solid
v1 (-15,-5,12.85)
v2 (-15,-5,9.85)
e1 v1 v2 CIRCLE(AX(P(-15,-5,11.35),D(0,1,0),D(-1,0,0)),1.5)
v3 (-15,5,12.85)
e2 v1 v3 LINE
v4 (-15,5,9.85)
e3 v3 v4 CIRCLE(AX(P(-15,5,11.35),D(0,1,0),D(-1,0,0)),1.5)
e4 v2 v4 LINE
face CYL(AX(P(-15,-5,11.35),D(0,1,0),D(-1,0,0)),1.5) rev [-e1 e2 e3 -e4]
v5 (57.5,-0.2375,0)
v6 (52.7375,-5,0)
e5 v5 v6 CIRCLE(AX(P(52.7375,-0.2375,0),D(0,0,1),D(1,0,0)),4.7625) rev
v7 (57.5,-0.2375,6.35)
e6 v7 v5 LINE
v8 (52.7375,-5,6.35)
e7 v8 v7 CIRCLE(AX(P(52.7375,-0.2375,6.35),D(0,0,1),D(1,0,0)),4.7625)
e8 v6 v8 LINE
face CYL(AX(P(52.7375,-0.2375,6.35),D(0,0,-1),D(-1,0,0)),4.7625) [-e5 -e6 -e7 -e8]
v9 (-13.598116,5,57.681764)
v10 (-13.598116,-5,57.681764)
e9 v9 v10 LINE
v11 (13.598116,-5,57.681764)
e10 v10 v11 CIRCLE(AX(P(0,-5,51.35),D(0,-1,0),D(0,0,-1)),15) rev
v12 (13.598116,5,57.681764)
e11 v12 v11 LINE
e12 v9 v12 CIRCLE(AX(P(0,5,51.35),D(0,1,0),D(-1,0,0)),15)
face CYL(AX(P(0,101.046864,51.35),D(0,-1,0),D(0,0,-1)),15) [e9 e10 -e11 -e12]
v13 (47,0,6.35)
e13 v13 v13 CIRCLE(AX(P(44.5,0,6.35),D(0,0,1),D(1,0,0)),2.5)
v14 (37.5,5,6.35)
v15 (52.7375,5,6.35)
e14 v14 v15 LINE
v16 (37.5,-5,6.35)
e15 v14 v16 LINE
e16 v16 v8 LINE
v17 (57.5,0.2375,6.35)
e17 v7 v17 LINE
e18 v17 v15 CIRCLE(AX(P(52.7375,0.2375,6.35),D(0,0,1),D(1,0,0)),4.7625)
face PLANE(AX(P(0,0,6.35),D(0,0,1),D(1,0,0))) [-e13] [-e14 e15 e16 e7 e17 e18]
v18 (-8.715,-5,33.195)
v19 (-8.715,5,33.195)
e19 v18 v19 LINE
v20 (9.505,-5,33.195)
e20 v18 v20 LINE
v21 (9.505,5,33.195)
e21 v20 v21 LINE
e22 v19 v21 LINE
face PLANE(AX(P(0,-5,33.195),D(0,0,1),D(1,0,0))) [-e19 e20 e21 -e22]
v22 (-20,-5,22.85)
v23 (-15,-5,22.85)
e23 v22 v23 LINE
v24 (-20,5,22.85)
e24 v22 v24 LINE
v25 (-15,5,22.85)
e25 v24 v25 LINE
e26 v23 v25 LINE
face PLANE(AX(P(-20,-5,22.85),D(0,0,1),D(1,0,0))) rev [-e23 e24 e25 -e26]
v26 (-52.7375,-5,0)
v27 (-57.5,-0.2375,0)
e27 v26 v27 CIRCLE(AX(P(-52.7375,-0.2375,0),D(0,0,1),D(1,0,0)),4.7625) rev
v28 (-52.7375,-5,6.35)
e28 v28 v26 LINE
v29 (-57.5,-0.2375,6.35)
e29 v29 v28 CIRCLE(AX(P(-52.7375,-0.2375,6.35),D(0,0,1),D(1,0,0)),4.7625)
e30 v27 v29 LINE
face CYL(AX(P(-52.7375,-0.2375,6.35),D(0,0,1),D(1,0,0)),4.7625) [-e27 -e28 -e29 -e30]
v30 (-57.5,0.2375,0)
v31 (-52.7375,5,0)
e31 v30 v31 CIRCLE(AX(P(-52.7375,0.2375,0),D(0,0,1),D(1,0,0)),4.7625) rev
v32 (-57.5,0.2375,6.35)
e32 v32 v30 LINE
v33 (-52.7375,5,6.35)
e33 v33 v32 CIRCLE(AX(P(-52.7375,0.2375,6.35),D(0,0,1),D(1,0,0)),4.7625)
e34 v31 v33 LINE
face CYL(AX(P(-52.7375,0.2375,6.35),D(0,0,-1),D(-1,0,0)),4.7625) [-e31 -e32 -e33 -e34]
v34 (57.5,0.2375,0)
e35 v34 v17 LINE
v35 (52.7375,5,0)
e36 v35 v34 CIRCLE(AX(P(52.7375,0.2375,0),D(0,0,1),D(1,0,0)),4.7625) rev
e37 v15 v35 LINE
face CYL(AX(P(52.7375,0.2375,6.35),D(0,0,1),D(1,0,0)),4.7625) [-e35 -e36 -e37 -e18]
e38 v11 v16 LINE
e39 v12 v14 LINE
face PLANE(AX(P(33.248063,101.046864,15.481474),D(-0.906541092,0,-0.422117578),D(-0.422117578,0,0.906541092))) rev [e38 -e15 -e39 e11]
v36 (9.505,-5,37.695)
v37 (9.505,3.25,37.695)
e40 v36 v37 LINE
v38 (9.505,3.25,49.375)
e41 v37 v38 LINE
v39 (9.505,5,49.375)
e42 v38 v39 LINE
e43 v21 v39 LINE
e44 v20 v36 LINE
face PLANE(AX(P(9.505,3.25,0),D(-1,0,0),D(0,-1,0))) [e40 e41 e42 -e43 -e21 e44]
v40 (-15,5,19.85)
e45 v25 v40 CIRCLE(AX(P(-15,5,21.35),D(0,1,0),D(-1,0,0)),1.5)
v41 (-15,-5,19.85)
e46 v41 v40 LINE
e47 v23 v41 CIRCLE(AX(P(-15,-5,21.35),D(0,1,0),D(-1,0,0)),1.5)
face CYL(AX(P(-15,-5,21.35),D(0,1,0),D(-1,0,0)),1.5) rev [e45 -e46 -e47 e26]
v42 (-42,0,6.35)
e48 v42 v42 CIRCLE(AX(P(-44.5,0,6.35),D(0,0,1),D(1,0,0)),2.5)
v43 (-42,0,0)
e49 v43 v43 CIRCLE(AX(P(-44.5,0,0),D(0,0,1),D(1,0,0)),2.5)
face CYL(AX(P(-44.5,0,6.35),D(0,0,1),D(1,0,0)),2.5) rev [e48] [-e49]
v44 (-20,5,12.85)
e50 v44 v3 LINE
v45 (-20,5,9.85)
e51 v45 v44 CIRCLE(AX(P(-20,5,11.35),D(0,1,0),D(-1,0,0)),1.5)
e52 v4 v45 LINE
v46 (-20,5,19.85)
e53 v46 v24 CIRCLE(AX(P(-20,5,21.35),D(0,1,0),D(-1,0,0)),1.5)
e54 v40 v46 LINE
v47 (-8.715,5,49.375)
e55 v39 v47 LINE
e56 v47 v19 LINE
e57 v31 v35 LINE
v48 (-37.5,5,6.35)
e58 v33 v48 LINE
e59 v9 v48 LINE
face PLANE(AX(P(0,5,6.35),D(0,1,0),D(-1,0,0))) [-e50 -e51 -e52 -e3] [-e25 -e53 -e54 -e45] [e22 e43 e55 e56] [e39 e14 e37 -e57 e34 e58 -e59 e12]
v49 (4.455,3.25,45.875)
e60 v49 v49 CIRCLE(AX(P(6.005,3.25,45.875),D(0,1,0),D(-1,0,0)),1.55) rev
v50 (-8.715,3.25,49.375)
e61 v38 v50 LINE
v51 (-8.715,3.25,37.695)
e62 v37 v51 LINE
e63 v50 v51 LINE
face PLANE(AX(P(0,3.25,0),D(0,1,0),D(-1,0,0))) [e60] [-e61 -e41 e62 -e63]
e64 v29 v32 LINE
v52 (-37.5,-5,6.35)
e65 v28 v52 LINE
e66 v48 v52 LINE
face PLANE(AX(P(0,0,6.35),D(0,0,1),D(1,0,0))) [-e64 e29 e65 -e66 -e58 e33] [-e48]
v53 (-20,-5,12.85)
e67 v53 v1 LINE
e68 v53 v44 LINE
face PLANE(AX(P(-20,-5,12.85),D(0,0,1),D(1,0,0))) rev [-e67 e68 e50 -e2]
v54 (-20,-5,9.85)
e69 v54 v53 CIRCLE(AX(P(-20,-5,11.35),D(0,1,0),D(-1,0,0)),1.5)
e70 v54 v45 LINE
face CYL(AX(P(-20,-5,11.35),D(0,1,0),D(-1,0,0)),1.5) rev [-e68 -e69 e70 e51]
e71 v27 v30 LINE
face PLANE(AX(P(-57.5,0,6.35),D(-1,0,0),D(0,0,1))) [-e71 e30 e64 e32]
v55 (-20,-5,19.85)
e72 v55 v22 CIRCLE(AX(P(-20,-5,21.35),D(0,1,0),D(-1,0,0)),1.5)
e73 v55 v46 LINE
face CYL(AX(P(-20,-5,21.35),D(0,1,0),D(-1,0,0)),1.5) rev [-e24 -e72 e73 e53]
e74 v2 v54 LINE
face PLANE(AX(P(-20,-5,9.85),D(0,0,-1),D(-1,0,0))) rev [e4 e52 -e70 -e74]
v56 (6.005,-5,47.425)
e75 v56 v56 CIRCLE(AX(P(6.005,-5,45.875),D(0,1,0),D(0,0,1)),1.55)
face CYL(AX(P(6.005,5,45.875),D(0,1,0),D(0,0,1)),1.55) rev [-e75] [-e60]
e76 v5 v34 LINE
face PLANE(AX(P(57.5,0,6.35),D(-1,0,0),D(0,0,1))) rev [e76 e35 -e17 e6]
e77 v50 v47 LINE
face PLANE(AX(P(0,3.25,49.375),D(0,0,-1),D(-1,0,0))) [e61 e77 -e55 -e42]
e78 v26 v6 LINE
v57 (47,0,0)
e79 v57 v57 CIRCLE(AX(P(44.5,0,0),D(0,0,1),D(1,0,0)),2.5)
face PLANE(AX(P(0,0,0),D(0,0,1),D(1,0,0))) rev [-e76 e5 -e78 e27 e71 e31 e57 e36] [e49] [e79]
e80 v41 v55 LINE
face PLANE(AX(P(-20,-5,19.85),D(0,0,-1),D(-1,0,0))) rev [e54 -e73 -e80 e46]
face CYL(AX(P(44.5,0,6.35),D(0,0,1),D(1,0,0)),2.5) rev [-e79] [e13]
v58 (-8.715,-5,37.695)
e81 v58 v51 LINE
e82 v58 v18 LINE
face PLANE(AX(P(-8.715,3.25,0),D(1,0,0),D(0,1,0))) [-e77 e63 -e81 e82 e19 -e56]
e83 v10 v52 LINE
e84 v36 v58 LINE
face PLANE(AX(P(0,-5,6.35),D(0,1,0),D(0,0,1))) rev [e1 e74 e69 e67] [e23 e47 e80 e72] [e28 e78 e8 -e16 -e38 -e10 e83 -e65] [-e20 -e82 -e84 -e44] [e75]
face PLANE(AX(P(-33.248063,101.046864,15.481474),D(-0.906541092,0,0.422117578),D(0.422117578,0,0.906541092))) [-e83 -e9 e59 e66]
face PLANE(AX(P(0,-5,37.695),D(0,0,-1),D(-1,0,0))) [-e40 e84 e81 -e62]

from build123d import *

# Parameters (mm, degrees)
SKETCH1_W              = 115.000000124
SKETCH1_H              = 10
BOSS_EXTRUDE1_DEPTH    = 6.35
BOSS_EXTRUDE3_DEPTH    = 10
M2_5_CLEARANCE_HOLE1_D = 3.1
SKETCH8_W              = 18.22
SKETCH8_H              = 11.68
CUT_EXTRUDE3_DEPTH     = 1.75
SKETCH8_9_W            = 18.22
SKETCH8_9_H            = 4.5
CUT_EXTRUDE4_DEPTH     = 89.366127601
FILLET2_R              = 4.7625
F_5_0MM_DOWEL_HOLE1_D  = 5
CUT_EXTRUDE5_DEPTH     = 89.366127601


with BuildPart() as part:
    # Sketch1 → Boss-Extrude1 (new body)
    with BuildSketch(Plane.XY):
        Rectangle(SKETCH1_W, SKETCH1_H)
    extrude(amount=BOSS_EXTRUDE1_DEPTH)

    # Sketch2 → Boss-Extrude3 (add)
    with BuildSketch(Plane.XZ.offset(5)):
        with BuildLine():
            Line((-37.500000062, 6.35), (37.500000062, 6.35))
            Line((37.500000062, 6.35), (13.598116374, 57.681763663))
            ThreePointArc((13.598116374, 57.681763663), (0, 66.35), (-13.598116374, 57.681763663))
            Line((-13.598116374, 57.681763663), (-37.500000062, 6.35))
        make_face()
    extrude(amount=-BOSS_EXTRUDE3_DEPTH)

    # M2.5 Clearance Hole1 (through all)
    with Locations(Plane(origin=(0, 5, 0), x_dir=(1, 0, 0), z_dir=(0, 1, 0))):
        with Locations((6.005, -45.875)):
            Hole(M2_5_CLEARANCE_HOLE1_D / 2)

    # Sketch8 → Cut-Extrude3 (cut)
    with BuildSketch(Plane(origin=(0, 5, 0), x_dir=(-1, 0, 0), z_dir=(0, 1, 0))):
        with Locations((-0.395, 43.535)):
            Rectangle(SKETCH8_W, SKETCH8_H)
    extrude(amount=-CUT_EXTRUDE3_DEPTH, mode=Mode.SUBTRACT)

    # Sketch8<9> → Cut-Extrude4 (cut, through all)
    with BuildSketch(Plane(origin=(0, 5, 0), x_dir=(-1, 0, 0), z_dir=(0, 1, 0))):
        with Locations((-0.395, 35.445)):
            Rectangle(SKETCH8_9_W, SKETCH8_9_H)
    extrude(amount=-CUT_EXTRUDE4_DEPTH, mode=Mode.SUBTRACT)

    # Fillet2
    fillet2_edges = [part.edges().sort_by_distance(p)[0] for p in [
        (-57.500000062, -5, 3.175),
        (-57.500000062, 5, 3.175),
        (57.500000062, 5, 3.175),
        (57.500000062, -5, 3.175),
    ]]
    fillet(fillet2_edges, radius=FILLET2_R)

    # Ø5.0mm Dowel Hole1 (through all)
    with Locations(Plane.XY.offset(6.35)):
        with Locations((44.5, 0), (-44.5, 0)):
            Hole(F_5_0MM_DOWEL_HOLE1_D / 2)

    # Sketch11 → Cut-Extrude5 (cut, through all)
    with BuildSketch(Plane(origin=(0, 5, 0), x_dir=(1, 0, 0), z_dir=(0, 1, 0))):
        with BuildLine():
            Line((-20.000000062, -9.85), (-15.000000062, -9.85))
            ThreePointArc((-15.000000062, -9.85), (-13.500000062, -11.35), (-15.000000062, -12.85))
            Line((-15.000000062, -12.85), (-20.000000062, -12.85))
            ThreePointArc((-20.000000062, -12.85), (-21.500000062, -11.35), (-20.000000062, -9.85))
        make_face()
        with BuildLine():
            Line((-20.000000062, -19.85), (-15.000000062, -19.85))
            ThreePointArc((-15.000000062, -19.85), (-13.500000062, -21.35), (-15.000000062, -22.85))
            Line((-15.000000062, -22.85), (-20.000000062, -22.85))
            ThreePointArc((-20.000000062, -22.85), (-21.500000062, -21.35), (-20.000000062, -19.85))
        make_face()
    extrude(amount=-CUT_EXTRUDE5_DEPTH, mode=Mode.SUBTRACT)


solid = part.part
